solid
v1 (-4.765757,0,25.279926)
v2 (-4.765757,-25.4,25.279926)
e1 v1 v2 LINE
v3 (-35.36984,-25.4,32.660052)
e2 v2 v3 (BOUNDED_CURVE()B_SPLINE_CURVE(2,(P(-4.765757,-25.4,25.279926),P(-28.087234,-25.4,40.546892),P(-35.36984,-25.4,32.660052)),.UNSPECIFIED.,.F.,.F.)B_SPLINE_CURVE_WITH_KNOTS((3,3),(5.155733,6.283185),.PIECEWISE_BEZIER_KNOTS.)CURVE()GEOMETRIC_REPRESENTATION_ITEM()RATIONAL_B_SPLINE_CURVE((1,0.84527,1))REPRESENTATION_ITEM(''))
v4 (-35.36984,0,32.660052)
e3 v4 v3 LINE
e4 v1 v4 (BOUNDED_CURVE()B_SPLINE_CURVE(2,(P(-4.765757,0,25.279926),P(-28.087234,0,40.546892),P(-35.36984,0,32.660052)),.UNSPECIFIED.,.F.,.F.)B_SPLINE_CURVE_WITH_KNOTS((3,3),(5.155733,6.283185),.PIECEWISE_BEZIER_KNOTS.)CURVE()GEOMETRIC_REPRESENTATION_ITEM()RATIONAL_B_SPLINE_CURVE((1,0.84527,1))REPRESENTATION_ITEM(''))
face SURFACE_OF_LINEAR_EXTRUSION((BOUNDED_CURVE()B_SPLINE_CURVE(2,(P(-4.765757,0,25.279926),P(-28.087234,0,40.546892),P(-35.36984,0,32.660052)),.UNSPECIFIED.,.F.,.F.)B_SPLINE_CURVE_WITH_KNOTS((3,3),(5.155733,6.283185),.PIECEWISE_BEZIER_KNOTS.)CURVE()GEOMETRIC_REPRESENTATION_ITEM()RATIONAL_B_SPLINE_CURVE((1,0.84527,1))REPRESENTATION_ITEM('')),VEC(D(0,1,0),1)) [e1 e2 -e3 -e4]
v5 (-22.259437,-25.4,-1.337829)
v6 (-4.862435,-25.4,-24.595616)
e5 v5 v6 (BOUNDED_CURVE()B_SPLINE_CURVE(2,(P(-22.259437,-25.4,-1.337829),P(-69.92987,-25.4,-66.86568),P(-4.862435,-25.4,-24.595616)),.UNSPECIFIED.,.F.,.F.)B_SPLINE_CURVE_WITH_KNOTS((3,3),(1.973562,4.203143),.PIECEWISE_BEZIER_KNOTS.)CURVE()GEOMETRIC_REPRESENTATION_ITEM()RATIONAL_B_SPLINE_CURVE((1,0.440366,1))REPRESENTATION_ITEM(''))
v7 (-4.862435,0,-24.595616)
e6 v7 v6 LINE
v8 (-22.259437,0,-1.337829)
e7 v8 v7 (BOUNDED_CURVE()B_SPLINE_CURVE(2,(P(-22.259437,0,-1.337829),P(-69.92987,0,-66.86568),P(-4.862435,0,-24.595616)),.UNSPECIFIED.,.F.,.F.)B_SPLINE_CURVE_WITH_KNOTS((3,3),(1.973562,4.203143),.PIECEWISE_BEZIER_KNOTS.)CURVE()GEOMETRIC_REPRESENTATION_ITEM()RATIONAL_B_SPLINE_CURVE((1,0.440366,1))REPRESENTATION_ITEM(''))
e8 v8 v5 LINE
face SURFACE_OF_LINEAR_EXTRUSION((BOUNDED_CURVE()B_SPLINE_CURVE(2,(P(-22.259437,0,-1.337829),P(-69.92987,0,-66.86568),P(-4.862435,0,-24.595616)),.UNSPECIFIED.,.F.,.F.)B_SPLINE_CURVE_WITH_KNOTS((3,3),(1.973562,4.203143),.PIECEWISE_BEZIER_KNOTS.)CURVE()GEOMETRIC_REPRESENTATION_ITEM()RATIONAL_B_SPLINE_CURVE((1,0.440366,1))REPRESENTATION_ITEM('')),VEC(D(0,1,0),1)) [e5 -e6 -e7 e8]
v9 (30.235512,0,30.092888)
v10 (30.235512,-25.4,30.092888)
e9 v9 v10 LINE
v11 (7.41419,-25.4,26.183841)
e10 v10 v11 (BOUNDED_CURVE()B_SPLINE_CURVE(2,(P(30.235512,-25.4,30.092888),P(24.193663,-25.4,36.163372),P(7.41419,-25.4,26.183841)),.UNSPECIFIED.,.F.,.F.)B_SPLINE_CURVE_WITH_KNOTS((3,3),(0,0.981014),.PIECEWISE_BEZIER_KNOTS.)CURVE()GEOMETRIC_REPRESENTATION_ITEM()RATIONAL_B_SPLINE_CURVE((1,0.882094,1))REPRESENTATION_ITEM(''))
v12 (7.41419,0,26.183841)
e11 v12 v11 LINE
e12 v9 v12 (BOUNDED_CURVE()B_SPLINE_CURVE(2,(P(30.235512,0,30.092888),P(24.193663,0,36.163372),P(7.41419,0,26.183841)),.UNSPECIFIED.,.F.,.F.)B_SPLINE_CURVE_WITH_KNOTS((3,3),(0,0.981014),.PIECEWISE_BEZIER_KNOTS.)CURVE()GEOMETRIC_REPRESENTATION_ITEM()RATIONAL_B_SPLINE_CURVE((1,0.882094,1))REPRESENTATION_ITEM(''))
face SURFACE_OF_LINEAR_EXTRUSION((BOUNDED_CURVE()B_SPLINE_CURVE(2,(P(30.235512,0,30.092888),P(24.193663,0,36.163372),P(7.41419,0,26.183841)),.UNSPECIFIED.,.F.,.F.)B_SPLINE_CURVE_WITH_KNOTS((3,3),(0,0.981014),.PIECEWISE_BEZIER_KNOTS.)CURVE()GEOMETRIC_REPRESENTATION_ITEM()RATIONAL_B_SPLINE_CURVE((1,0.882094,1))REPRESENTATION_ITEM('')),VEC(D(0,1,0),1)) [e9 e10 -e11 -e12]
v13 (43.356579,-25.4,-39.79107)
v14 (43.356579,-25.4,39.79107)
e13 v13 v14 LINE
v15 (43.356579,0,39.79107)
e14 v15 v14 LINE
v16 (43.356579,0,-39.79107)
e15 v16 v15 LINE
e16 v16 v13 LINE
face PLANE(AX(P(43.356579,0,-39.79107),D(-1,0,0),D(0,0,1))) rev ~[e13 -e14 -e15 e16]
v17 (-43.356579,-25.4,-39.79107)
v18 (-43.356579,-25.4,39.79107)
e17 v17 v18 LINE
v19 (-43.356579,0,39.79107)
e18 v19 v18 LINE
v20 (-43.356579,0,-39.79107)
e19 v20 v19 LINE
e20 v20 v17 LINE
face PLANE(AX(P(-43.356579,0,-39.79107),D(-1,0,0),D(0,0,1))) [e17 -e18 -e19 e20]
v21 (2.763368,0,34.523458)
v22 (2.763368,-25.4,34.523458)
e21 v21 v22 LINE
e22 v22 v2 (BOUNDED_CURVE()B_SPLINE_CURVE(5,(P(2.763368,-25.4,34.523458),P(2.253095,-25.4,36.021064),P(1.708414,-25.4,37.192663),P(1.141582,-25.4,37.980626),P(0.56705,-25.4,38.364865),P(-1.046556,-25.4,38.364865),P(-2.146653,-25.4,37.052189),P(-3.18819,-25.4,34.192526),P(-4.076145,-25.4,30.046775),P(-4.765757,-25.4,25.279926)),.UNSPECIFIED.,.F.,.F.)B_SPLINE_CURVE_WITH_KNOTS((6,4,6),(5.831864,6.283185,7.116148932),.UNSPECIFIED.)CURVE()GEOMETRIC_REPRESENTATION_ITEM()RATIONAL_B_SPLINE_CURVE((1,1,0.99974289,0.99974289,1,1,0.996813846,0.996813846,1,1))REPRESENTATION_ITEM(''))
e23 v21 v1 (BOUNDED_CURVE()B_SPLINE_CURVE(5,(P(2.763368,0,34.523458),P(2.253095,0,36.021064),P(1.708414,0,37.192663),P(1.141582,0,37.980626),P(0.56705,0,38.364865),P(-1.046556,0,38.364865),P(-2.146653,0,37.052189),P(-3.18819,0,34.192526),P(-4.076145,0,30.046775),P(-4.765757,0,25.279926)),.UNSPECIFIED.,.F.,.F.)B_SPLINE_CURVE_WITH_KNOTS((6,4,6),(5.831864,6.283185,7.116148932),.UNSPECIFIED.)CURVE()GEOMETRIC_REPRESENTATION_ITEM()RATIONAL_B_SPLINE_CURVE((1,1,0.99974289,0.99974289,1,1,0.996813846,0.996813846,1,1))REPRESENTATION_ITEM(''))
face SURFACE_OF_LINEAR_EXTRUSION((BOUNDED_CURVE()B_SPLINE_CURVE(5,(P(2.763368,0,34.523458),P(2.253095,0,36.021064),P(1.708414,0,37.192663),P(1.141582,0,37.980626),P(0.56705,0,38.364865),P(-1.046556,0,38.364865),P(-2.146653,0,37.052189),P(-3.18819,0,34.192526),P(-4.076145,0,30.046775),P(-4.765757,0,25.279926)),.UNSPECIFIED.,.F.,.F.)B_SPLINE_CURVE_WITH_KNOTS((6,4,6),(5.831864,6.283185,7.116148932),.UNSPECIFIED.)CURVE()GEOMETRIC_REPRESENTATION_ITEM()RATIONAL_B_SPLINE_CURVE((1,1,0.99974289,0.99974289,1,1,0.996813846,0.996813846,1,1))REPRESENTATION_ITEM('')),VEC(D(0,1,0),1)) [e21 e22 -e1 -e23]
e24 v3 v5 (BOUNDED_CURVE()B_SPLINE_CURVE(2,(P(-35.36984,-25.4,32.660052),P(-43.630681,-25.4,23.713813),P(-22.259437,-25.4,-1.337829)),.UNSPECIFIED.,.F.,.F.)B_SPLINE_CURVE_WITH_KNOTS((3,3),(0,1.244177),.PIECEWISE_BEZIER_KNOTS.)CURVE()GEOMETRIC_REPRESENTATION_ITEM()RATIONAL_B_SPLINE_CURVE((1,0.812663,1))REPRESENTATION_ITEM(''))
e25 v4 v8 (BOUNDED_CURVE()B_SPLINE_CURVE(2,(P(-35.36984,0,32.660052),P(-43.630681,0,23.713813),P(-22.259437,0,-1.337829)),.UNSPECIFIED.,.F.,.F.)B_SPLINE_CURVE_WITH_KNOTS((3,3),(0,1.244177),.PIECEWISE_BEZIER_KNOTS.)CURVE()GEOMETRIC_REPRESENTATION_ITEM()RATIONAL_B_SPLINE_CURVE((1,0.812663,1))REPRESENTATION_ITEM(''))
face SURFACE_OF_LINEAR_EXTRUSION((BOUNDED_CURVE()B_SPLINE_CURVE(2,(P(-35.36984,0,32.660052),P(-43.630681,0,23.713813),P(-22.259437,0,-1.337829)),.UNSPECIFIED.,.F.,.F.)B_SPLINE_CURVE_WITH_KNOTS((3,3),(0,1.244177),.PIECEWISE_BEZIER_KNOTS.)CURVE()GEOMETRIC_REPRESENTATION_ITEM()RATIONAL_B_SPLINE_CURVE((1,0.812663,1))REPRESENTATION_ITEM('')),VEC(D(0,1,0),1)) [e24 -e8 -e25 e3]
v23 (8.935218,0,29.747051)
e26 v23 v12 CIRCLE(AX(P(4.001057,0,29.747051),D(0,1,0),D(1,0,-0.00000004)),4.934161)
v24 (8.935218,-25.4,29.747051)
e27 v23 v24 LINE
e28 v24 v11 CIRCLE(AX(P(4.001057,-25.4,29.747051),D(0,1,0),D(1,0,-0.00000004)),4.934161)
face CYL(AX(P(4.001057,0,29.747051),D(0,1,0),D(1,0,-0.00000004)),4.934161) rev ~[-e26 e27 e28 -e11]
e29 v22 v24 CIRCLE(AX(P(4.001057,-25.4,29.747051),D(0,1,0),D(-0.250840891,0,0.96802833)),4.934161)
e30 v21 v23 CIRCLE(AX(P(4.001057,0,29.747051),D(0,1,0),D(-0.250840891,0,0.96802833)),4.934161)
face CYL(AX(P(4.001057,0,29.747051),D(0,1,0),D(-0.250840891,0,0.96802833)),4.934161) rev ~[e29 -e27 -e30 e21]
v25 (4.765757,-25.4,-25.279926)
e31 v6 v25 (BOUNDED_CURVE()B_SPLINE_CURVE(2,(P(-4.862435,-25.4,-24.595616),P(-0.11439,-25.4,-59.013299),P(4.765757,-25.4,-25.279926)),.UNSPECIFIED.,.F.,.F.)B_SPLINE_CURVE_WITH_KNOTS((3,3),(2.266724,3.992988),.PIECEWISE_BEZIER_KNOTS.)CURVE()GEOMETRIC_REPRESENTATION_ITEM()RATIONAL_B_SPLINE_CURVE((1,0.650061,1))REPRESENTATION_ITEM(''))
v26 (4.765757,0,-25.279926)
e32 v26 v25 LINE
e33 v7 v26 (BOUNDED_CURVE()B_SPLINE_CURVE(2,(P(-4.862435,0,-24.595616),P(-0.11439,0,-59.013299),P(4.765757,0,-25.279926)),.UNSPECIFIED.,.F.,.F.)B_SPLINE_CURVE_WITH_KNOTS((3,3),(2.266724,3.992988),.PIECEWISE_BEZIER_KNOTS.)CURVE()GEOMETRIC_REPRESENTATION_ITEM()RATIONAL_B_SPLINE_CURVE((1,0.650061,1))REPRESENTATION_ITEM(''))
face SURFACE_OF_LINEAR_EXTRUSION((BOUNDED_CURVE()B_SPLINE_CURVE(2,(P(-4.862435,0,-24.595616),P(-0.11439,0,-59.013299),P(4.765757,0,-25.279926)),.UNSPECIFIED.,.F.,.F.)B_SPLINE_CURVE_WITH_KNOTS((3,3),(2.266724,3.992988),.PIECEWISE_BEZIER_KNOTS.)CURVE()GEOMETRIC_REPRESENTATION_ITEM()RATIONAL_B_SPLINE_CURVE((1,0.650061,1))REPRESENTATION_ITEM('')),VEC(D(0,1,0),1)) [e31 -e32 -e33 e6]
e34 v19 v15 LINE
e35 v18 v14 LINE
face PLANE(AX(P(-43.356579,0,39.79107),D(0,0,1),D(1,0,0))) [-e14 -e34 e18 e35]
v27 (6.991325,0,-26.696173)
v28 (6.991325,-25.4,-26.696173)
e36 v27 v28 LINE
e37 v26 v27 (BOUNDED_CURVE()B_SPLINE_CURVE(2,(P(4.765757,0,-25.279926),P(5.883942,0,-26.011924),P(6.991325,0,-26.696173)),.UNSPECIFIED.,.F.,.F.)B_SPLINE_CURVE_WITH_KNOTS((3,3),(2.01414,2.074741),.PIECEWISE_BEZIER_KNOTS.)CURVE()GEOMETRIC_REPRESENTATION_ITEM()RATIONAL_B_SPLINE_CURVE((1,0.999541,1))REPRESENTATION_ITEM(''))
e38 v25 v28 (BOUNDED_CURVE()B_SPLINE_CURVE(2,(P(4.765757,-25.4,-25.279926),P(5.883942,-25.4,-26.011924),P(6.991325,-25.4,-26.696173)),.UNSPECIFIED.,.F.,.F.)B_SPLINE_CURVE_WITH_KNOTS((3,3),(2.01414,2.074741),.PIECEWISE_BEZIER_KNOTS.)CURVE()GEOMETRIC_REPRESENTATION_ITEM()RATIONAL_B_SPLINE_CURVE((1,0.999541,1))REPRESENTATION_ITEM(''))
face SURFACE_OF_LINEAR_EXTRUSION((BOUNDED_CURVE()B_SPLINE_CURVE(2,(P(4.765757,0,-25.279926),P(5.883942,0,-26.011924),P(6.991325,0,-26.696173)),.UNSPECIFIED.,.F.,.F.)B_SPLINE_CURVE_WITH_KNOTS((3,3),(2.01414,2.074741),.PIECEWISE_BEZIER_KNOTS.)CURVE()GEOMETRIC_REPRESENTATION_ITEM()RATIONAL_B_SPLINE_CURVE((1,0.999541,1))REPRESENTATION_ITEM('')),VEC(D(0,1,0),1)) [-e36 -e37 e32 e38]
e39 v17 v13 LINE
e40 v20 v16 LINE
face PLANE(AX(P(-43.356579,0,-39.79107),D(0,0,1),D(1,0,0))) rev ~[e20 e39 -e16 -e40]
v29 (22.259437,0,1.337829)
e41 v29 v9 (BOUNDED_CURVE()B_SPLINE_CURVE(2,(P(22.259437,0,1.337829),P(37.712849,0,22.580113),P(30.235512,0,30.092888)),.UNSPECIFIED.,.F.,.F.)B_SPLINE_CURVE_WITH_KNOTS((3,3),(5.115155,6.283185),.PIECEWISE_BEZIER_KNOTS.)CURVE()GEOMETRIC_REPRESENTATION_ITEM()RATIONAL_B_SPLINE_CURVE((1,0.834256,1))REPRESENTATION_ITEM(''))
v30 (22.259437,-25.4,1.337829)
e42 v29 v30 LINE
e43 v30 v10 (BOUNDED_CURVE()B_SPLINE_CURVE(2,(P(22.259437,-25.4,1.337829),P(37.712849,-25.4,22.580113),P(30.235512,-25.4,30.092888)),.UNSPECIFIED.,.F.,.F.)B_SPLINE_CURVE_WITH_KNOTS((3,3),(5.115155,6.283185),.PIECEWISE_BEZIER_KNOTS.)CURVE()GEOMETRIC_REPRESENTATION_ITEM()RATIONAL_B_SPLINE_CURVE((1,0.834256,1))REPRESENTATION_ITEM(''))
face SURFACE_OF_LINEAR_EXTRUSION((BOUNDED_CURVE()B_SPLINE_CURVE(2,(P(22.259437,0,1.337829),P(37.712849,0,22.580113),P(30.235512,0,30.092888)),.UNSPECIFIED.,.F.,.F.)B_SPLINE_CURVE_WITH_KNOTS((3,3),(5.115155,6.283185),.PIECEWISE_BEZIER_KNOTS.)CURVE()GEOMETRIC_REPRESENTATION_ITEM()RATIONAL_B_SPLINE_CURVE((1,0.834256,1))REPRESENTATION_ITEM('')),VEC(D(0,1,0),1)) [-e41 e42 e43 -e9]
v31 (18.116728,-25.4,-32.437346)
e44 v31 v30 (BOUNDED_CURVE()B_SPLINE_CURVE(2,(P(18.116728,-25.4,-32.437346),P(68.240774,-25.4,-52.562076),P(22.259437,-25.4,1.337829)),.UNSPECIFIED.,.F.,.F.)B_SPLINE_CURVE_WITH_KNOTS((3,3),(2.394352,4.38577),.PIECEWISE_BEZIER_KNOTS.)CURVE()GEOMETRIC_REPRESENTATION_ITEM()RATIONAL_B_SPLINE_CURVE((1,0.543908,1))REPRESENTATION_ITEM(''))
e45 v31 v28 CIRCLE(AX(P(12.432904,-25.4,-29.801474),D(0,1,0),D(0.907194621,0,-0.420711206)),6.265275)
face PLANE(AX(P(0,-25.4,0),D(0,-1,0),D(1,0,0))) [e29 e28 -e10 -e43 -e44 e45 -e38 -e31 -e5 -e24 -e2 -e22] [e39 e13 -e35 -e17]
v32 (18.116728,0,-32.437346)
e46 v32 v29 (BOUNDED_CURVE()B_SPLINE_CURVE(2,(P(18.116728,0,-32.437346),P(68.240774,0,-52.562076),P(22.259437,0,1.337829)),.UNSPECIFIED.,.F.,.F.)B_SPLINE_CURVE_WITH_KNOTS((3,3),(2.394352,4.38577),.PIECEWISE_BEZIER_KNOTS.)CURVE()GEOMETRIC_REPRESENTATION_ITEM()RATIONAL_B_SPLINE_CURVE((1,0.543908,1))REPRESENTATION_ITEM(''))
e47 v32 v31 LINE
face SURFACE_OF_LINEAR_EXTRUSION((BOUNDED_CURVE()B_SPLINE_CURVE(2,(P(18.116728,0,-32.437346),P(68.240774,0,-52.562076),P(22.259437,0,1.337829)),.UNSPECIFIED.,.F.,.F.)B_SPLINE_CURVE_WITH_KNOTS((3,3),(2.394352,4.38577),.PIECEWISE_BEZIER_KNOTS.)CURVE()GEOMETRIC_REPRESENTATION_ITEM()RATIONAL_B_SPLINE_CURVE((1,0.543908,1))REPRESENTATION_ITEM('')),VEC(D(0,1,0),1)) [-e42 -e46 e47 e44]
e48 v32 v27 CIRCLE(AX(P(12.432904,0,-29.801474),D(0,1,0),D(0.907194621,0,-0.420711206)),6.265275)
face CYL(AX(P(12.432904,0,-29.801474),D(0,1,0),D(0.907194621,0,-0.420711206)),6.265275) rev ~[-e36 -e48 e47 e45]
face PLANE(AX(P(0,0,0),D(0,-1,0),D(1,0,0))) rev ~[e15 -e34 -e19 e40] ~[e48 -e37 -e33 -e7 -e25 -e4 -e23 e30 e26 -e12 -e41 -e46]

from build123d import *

# Parameters (mm, degrees)
F0_W     = 86.713158
F0_H     = 79.58214
F1_DEPTH = 25.4


with BuildPart() as f1:
    # F0 (on Front) → F1 (new body)
    with BuildSketch(Plane.XZ):
        Rectangle(F0_W, F0_H)
        with BuildLine():
            add(Edge.make_bspline(
                [(-35.36984, 32.660052), (-43.630681, 23.713813), (-22.259437, -1.337829)],
                knots=[0, 0, 0, 1.244177, 1.244177, 1.244177], degree=2, weights=[1, 0.812663, 1]))
            add(Edge.make_bspline(
                [(-4.765757, 25.279926), (-28.087234, 40.546892), (-35.36984, 32.660052)],
                knots=[5.155733, 5.155733, 5.155733, 6.283185, 6.283185, 6.283185], degree=2, weights=[1, 0.84527, 1]))
            add(Edge.make_bspline(
                [(0, 38.364865), (-2.872782, 38.364865), (-4.765757, 25.279926)],
                knots=[0, 0, 0, 0.851395, 0.851395, 0.851395], degree=2, weights=[1, 0.910751, 1]))
            add(Edge.make_bspline(
                [(2.763368, 34.523458), (1.454502, 38.364865), (0, 38.364865)],
                knots=[5.831864, 5.831864, 5.831864, 6.283185, 6.283185, 6.283185], degree=2, weights=[1, 0.974647, 1]))
            ThreePointArc((2.763368, 34.523458), (7.020907, 33.649159), (8.935218, 29.747051))
            ThreePointArc((8.935218, 29.747051), (8.539057, 27.809914), (7.41419, 26.183841))
            add(Edge.make_bspline(
                [(30.235512, 30.092888), (24.193663, 36.163372), (7.41419, 26.183841)],
                knots=[0, 0, 0, 0.981014, 0.981014, 0.981014], degree=2, weights=[1, 0.882094, 1]))
            add(Edge.make_bspline(
                [(22.259437, 1.337829), (37.712849, 22.580113), (30.235512, 30.092888)],
                knots=[5.115155, 5.115155, 5.115155, 6.283185, 6.283185, 6.283185], degree=2, weights=[1, 0.834256, 1]))
            add(Edge.make_bspline(
                [(18.116728, -32.437346), (68.240774, -52.562076), (22.259437, 1.337829)],
                knots=[2.394352, 2.394352, 2.394352, 4.38577, 4.38577, 4.38577], degree=2, weights=[1, 0.543908, 1]))
            ThreePointArc((18.116728, -32.437346), (9.559764, -35.369126), (6.991325, -26.696173))
            add(Edge.make_bspline(
                [(4.765757, -25.279926), (5.883942, -26.011924), (6.991325, -26.696173)],
                knots=[2.01414, 2.01414, 2.01414, 2.074741, 2.074741, 2.074741], degree=2, weights=[1, 0.999541, 1]))
            add(Edge.make_bspline(
                [(-4.862435, -24.595616), (-0.11439, -59.013299), (4.765757, -25.279926)],
                knots=[2.266724, 2.266724, 2.266724, 3.992988, 3.992988, 3.992988], degree=2, weights=[1, 0.650061, 1]))
            add(Edge.make_bspline(
                [(-22.259437, -1.337829), (-69.92987, -66.86568), (-4.862435, -24.595616)],
                knots=[1.973562, 1.973562, 1.973562, 4.203143, 4.203143, 4.203143], degree=2, weights=[1, 0.440366, 1]))
        make_face(mode=Mode.SUBTRACT)
    extrude(amount=F1_DEPTH)


solid = f1.part
